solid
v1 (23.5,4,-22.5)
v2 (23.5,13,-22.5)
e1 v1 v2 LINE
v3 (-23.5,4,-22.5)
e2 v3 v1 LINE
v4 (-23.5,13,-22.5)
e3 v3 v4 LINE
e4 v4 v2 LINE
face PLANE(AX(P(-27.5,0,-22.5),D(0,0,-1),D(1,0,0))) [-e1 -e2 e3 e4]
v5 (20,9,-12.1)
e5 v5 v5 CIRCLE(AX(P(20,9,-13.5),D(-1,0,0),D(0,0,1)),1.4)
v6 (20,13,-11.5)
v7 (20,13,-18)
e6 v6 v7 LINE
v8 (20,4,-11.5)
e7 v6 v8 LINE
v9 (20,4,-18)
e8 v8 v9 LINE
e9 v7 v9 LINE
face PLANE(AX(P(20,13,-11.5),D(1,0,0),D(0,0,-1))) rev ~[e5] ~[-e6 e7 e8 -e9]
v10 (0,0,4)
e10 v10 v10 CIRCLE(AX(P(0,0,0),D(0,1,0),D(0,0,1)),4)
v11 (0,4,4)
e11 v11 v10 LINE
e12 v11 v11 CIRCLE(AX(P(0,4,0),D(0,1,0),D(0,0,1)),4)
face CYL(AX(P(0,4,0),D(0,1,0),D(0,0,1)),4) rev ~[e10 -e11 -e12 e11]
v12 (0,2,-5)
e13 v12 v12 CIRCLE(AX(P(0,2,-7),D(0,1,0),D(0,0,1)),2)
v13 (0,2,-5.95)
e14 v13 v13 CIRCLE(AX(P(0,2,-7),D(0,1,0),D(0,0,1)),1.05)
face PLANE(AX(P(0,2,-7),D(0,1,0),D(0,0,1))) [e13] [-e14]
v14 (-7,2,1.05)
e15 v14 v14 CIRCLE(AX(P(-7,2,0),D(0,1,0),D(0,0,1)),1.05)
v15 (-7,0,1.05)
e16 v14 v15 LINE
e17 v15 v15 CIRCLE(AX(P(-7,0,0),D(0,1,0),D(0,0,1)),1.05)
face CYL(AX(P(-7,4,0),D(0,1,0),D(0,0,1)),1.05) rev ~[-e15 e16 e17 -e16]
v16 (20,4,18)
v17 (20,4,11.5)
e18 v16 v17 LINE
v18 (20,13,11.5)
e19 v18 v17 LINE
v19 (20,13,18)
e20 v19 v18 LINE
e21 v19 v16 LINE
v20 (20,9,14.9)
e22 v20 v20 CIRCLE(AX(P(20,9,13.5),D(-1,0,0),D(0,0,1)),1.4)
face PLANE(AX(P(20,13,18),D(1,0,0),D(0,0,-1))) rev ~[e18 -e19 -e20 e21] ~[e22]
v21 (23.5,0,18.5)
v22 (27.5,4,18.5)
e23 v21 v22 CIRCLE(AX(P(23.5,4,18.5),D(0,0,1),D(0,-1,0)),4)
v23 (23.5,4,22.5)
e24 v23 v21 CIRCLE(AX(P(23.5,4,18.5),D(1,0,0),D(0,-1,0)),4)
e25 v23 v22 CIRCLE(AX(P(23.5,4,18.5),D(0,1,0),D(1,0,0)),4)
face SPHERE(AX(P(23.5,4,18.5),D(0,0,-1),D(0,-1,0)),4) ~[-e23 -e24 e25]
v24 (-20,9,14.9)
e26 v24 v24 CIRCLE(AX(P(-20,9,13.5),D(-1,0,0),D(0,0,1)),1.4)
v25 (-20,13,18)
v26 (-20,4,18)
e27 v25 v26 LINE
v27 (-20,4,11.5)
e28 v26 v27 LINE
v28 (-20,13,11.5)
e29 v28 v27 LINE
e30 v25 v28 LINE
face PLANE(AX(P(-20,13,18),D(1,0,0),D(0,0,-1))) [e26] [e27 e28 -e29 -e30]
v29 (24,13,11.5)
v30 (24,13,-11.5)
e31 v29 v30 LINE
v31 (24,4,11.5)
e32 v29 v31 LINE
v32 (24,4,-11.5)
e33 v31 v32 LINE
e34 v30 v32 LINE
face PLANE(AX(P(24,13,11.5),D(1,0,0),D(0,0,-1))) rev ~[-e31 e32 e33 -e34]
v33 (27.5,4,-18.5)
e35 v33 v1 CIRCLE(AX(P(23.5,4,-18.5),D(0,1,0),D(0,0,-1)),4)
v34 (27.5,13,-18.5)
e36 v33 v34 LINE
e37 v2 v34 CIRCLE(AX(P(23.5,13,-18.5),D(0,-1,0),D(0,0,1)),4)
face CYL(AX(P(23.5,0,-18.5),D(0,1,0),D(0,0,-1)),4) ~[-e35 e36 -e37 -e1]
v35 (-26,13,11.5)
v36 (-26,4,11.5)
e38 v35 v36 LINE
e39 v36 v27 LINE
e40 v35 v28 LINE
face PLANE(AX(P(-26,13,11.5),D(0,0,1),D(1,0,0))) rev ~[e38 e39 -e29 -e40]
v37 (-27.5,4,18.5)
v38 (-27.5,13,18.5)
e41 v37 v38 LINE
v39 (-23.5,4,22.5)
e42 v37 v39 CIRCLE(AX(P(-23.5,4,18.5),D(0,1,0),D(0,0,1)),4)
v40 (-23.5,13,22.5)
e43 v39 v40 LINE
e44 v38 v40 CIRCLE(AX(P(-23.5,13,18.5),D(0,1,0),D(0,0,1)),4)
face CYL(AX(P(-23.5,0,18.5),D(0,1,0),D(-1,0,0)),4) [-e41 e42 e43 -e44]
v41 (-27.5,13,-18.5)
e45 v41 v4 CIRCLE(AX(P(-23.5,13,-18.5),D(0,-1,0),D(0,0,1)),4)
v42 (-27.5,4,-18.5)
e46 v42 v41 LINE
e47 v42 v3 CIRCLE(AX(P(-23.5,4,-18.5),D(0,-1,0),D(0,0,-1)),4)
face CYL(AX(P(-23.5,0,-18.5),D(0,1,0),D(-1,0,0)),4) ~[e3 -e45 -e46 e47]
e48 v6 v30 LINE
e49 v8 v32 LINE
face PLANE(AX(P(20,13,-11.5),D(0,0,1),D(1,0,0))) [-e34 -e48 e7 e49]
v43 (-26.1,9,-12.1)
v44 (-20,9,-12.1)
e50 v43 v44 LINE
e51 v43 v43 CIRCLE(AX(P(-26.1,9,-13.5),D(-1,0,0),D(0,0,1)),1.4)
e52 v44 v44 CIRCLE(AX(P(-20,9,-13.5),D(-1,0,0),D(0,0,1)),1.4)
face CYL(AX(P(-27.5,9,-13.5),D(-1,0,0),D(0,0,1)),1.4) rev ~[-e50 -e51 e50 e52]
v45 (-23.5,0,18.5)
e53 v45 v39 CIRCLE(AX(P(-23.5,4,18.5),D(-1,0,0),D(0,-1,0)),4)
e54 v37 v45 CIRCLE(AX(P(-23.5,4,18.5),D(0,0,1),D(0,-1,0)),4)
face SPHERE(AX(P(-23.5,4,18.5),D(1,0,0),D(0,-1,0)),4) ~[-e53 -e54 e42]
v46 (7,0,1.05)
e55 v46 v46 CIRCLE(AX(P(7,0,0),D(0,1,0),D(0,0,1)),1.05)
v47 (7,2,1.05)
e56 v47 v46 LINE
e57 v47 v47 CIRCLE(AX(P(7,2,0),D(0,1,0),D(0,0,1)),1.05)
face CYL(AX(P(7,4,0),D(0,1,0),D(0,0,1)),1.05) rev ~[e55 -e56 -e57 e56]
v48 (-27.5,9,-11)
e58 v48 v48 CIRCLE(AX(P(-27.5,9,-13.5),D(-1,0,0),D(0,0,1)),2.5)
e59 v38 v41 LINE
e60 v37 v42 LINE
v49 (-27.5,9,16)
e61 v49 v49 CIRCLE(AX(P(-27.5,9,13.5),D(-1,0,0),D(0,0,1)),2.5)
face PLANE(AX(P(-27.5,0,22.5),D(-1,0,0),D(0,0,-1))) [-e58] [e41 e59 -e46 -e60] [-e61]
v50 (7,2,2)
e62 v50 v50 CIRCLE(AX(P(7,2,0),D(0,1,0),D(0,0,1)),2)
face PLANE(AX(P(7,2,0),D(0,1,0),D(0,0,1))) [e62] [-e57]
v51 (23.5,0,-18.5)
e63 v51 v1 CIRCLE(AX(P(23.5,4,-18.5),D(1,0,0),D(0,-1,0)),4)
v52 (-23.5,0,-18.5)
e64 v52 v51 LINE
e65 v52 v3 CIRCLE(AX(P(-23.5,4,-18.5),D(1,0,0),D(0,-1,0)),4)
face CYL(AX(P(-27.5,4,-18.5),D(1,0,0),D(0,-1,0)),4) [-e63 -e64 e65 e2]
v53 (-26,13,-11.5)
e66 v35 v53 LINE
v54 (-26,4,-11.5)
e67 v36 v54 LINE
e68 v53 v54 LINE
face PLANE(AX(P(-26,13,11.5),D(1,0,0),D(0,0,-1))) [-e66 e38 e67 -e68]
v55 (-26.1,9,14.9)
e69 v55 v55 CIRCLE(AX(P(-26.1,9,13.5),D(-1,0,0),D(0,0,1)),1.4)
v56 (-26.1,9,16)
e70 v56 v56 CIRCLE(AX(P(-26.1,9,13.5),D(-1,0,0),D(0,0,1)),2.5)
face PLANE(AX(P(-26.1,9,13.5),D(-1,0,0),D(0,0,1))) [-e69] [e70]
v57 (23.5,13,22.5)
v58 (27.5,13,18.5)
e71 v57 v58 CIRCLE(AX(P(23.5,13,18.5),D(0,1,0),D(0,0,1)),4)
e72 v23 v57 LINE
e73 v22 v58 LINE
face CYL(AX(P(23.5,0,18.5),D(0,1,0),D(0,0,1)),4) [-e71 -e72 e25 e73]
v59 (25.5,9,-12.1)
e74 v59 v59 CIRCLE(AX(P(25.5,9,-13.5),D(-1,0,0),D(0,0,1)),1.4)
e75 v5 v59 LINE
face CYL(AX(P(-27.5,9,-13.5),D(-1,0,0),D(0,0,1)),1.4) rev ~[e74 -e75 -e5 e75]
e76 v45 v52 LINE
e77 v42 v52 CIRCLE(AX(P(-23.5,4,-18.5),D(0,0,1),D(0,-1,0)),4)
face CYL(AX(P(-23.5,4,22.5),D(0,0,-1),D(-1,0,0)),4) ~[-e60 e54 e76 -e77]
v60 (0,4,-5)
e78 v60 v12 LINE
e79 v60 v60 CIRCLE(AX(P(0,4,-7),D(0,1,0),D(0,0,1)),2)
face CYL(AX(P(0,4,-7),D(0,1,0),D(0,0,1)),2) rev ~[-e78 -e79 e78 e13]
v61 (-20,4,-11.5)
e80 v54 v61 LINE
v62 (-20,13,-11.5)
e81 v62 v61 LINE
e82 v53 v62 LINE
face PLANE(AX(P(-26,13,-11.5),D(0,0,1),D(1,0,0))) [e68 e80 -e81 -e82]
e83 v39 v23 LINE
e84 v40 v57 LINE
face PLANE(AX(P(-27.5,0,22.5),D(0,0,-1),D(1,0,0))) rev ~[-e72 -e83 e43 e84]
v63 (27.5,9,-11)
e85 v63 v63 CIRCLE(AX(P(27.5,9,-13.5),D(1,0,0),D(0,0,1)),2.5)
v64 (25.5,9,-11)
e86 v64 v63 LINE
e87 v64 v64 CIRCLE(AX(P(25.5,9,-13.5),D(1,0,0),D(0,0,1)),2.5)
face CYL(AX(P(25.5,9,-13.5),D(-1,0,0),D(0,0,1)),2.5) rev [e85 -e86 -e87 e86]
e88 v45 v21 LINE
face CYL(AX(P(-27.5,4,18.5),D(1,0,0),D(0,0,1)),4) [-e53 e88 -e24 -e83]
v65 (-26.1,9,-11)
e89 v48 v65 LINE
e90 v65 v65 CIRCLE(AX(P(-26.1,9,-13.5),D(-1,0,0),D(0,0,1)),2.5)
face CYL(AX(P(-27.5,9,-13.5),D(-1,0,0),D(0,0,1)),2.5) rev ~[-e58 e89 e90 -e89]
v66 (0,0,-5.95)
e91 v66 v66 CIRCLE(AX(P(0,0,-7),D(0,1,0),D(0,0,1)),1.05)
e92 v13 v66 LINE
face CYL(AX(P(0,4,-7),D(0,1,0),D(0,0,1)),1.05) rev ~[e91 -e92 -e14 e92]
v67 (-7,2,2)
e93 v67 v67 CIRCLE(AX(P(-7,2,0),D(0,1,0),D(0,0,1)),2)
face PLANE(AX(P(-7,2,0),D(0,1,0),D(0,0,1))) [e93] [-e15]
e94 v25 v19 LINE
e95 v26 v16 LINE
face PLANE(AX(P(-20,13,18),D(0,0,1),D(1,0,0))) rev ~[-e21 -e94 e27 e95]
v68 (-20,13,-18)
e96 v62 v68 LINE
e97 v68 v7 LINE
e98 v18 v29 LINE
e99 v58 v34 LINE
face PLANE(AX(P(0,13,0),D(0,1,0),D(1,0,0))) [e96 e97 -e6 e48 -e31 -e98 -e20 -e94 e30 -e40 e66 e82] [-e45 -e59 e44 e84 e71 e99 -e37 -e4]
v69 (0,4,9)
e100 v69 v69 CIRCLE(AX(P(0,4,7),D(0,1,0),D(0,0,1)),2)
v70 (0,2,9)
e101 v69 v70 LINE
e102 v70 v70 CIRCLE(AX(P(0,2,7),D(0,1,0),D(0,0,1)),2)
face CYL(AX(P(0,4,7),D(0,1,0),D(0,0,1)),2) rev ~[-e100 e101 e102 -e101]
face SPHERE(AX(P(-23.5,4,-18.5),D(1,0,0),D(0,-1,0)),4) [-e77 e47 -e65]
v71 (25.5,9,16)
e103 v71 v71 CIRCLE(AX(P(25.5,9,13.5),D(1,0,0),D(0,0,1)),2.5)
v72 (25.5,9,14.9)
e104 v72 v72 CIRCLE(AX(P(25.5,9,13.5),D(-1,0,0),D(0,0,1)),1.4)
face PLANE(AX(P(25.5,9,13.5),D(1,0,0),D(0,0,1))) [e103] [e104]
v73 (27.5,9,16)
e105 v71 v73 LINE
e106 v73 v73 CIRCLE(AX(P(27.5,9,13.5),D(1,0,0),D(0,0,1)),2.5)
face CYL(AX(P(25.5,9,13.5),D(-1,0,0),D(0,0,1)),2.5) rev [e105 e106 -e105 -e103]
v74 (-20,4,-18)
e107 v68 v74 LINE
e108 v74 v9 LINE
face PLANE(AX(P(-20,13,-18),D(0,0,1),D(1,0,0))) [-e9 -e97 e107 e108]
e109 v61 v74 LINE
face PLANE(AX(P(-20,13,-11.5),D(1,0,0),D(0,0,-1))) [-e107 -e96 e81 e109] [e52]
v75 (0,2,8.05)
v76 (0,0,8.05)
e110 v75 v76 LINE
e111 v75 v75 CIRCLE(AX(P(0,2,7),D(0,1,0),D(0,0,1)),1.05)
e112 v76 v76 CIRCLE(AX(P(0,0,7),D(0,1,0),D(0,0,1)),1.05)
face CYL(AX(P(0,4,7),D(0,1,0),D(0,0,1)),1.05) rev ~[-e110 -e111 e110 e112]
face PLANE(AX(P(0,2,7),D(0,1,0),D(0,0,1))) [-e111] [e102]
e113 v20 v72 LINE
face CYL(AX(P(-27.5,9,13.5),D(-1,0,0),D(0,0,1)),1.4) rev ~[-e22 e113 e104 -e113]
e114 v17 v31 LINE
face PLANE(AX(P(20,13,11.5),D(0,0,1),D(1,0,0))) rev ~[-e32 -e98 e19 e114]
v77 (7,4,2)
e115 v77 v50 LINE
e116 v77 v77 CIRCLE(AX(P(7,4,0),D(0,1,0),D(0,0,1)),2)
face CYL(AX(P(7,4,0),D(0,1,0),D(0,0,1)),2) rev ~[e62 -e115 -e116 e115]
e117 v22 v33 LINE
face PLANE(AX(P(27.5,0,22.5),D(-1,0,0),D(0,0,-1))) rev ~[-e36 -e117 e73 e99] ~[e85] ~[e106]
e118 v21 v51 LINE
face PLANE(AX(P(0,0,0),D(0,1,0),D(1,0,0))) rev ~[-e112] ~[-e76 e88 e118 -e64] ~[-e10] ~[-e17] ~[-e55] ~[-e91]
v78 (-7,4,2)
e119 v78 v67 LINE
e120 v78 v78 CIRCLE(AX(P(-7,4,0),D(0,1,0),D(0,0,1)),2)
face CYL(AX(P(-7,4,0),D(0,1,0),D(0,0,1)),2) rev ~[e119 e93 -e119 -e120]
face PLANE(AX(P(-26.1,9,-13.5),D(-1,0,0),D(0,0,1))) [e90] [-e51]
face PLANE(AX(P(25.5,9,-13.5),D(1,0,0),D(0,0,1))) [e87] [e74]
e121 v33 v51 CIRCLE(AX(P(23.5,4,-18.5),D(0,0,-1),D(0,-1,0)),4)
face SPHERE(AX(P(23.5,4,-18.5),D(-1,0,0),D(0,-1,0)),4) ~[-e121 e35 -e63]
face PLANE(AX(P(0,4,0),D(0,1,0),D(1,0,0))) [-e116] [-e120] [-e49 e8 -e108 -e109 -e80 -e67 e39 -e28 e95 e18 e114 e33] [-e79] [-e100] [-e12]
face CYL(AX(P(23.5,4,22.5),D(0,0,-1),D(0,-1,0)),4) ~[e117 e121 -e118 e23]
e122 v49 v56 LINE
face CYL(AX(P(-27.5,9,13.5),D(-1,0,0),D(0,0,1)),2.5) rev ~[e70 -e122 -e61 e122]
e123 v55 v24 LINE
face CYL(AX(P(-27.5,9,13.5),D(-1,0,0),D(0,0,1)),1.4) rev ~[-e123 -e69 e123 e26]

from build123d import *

# Parameters (mm, degrees)
SKETCH1_W           = 55
SKETCH1_H           = 45
BOSS_EXTRUDE1_DEPTH = 13
SKETCH2_W           = 40
SKETCH2_H           = 36
SKETCH2_W_2         = 6
SKETCH2_H_2         = 23
SKETCH2_W_3         = 4
CUT_EXTRUDE1_DEPTH  = 9
SKETCH3_R           = 1.4
CUT_EXTRUDE2_DEPTH  = 61.829680256
SKETCH4_R           = 1.05
SKETCH4_R_2         = 4
CUT_EXTRUDE3_DEPTH  = 37.653785616
SKETCH5_R           = 2
CUT_EXTRUDE4_DEPTH  = 2
SKETCH6_R           = 2.5
CUT_EXTRUDE5_DEPTH  = 1.4
CUT_EXTRUDE6_START  = -2
SKETCH7_R           = 2.5
CUT_EXTRUDE6_DEPTH  = 2
FILLET1_R           = 4


with BuildPart() as part:
    # Sketch1 → Boss-Extrude1 (new body)
    with BuildSketch(Plane(origin=(0, 0, 0), x_dir=(1, 0, 0), z_dir=(0, 1, 0))):
        Rectangle(SKETCH1_W, SKETCH1_H)
    extrude(amount=BOSS_EXTRUDE1_DEPTH)

    # Sketch2 → Cut-Extrude1 (cut)
    with BuildSketch(Plane(origin=(0, 13, 0), x_dir=(1, 0, 0), z_dir=(0, 1, 0))):
        Rectangle(SKETCH2_W, SKETCH2_H)
        with Locations((-23, 0)):
            Rectangle(SKETCH2_W_2, SKETCH2_H_2)
        with Locations((22, 0)):
            Rectangle(SKETCH2_W_3, SKETCH2_H_2)
    extrude(amount=-CUT_EXTRUDE1_DEPTH, mode=Mode.SUBTRACT)

    # Sketch3 → Cut-Extrude2 (cut, through all)
    with BuildSketch(Plane.ZY.offset(27.5)):
        with Locations((-13.5, 9)):
            Circle(SKETCH3_R)
        with Locations((13.5, 9)):
            Circle(SKETCH3_R)
    extrude(amount=-CUT_EXTRUDE2_DEPTH, mode=Mode.SUBTRACT)

    # Sketch4 → Cut-Extrude3 (cut, through all)
    with BuildSketch(Plane(origin=(0, 4, 0), x_dir=(1, 0, 0), z_dir=(0, 1, 0))):
        with Locations(Location((0, 7, 0), (0, 0, 270))):
            Circle(SKETCH4_R)
        with Locations(Location((7, 0, 0), (0, 0, 270))):
            Circle(SKETCH4_R)
        with Locations(Location((-7, 0, 0), (0, 0, 270))):
            Circle(SKETCH4_R)
        with Locations(Location((0, -7, 0), (0, 0, 270))):
            Circle(SKETCH4_R)
        with Locations(Location((0, 0, 0), (0, 0, 270))):
            Circle(SKETCH4_R_2)
    extrude(amount=-CUT_EXTRUDE3_DEPTH, mode=Mode.SUBTRACT)

    # Sketch5 → Cut-Extrude4 (cut)
    with BuildSketch(Plane(origin=(0, 4, 0), x_dir=(1, 0, 0), z_dir=(0, 1, 0))):
        with Locations(Location((-7, 0, 0), (0, 0, 270))):
            Circle(SKETCH5_R)
        with Locations(Location((0, 7, 0), (0, 0, 270))):
            Circle(SKETCH5_R)
        with Locations(Location((7, 0, 0), (0, 0, 270))):
            Circle(SKETCH5_R)
        with Locations(Location((0, -7, 0), (0, 0, 270))):
            Circle(SKETCH5_R)
    extrude(amount=-CUT_EXTRUDE4_DEPTH, mode=Mode.SUBTRACT)

    # Sketch6 → Cut-Extrude5 (cut)
    with BuildSketch(Plane.ZY.offset(27.5)):
        with Locations((-13.5, 9)):
            Circle(SKETCH6_R)
        with Locations((13.5, 9)):
            Circle(SKETCH6_R)
    extrude(amount=-CUT_EXTRUDE5_DEPTH, mode=Mode.SUBTRACT)

    # Sketch7 → Cut-Extrude6 (cut)
    with BuildSketch(Plane(origin=(27.5, 0, 0), x_dir=(0, 0, -1), z_dir=(1, 0, 0)).offset(CUT_EXTRUDE6_START)):
        with Locations(Location((-13.5, 9, 0), (0, 0, 180))):
            Circle(SKETCH7_R)
        with Locations(Location((13.5, 9, 0), (0, 0, 180))):
            Circle(SKETCH7_R)
    extrude(amount=CUT_EXTRUDE6_DEPTH, mode=Mode.SUBTRACT)

    # Fillet1
    fillet1_edges = [part.edges().sort_by_distance(p)[0] for p in [
        (0, 0, -22.5),
        (27.5, 0, 0),
        (0, 0, 22.5),
        (-27.5, 0, 0),
        (-27.5, 6.5, -22.5),
        (27.5, 6.5, -22.5),
        (27.5, 6.5, 22.5),
        (-27.5, 6.5, 22.5),
    ]]
    fillet(fillet1_edges, radius=FILLET1_R)


solid = part.part
